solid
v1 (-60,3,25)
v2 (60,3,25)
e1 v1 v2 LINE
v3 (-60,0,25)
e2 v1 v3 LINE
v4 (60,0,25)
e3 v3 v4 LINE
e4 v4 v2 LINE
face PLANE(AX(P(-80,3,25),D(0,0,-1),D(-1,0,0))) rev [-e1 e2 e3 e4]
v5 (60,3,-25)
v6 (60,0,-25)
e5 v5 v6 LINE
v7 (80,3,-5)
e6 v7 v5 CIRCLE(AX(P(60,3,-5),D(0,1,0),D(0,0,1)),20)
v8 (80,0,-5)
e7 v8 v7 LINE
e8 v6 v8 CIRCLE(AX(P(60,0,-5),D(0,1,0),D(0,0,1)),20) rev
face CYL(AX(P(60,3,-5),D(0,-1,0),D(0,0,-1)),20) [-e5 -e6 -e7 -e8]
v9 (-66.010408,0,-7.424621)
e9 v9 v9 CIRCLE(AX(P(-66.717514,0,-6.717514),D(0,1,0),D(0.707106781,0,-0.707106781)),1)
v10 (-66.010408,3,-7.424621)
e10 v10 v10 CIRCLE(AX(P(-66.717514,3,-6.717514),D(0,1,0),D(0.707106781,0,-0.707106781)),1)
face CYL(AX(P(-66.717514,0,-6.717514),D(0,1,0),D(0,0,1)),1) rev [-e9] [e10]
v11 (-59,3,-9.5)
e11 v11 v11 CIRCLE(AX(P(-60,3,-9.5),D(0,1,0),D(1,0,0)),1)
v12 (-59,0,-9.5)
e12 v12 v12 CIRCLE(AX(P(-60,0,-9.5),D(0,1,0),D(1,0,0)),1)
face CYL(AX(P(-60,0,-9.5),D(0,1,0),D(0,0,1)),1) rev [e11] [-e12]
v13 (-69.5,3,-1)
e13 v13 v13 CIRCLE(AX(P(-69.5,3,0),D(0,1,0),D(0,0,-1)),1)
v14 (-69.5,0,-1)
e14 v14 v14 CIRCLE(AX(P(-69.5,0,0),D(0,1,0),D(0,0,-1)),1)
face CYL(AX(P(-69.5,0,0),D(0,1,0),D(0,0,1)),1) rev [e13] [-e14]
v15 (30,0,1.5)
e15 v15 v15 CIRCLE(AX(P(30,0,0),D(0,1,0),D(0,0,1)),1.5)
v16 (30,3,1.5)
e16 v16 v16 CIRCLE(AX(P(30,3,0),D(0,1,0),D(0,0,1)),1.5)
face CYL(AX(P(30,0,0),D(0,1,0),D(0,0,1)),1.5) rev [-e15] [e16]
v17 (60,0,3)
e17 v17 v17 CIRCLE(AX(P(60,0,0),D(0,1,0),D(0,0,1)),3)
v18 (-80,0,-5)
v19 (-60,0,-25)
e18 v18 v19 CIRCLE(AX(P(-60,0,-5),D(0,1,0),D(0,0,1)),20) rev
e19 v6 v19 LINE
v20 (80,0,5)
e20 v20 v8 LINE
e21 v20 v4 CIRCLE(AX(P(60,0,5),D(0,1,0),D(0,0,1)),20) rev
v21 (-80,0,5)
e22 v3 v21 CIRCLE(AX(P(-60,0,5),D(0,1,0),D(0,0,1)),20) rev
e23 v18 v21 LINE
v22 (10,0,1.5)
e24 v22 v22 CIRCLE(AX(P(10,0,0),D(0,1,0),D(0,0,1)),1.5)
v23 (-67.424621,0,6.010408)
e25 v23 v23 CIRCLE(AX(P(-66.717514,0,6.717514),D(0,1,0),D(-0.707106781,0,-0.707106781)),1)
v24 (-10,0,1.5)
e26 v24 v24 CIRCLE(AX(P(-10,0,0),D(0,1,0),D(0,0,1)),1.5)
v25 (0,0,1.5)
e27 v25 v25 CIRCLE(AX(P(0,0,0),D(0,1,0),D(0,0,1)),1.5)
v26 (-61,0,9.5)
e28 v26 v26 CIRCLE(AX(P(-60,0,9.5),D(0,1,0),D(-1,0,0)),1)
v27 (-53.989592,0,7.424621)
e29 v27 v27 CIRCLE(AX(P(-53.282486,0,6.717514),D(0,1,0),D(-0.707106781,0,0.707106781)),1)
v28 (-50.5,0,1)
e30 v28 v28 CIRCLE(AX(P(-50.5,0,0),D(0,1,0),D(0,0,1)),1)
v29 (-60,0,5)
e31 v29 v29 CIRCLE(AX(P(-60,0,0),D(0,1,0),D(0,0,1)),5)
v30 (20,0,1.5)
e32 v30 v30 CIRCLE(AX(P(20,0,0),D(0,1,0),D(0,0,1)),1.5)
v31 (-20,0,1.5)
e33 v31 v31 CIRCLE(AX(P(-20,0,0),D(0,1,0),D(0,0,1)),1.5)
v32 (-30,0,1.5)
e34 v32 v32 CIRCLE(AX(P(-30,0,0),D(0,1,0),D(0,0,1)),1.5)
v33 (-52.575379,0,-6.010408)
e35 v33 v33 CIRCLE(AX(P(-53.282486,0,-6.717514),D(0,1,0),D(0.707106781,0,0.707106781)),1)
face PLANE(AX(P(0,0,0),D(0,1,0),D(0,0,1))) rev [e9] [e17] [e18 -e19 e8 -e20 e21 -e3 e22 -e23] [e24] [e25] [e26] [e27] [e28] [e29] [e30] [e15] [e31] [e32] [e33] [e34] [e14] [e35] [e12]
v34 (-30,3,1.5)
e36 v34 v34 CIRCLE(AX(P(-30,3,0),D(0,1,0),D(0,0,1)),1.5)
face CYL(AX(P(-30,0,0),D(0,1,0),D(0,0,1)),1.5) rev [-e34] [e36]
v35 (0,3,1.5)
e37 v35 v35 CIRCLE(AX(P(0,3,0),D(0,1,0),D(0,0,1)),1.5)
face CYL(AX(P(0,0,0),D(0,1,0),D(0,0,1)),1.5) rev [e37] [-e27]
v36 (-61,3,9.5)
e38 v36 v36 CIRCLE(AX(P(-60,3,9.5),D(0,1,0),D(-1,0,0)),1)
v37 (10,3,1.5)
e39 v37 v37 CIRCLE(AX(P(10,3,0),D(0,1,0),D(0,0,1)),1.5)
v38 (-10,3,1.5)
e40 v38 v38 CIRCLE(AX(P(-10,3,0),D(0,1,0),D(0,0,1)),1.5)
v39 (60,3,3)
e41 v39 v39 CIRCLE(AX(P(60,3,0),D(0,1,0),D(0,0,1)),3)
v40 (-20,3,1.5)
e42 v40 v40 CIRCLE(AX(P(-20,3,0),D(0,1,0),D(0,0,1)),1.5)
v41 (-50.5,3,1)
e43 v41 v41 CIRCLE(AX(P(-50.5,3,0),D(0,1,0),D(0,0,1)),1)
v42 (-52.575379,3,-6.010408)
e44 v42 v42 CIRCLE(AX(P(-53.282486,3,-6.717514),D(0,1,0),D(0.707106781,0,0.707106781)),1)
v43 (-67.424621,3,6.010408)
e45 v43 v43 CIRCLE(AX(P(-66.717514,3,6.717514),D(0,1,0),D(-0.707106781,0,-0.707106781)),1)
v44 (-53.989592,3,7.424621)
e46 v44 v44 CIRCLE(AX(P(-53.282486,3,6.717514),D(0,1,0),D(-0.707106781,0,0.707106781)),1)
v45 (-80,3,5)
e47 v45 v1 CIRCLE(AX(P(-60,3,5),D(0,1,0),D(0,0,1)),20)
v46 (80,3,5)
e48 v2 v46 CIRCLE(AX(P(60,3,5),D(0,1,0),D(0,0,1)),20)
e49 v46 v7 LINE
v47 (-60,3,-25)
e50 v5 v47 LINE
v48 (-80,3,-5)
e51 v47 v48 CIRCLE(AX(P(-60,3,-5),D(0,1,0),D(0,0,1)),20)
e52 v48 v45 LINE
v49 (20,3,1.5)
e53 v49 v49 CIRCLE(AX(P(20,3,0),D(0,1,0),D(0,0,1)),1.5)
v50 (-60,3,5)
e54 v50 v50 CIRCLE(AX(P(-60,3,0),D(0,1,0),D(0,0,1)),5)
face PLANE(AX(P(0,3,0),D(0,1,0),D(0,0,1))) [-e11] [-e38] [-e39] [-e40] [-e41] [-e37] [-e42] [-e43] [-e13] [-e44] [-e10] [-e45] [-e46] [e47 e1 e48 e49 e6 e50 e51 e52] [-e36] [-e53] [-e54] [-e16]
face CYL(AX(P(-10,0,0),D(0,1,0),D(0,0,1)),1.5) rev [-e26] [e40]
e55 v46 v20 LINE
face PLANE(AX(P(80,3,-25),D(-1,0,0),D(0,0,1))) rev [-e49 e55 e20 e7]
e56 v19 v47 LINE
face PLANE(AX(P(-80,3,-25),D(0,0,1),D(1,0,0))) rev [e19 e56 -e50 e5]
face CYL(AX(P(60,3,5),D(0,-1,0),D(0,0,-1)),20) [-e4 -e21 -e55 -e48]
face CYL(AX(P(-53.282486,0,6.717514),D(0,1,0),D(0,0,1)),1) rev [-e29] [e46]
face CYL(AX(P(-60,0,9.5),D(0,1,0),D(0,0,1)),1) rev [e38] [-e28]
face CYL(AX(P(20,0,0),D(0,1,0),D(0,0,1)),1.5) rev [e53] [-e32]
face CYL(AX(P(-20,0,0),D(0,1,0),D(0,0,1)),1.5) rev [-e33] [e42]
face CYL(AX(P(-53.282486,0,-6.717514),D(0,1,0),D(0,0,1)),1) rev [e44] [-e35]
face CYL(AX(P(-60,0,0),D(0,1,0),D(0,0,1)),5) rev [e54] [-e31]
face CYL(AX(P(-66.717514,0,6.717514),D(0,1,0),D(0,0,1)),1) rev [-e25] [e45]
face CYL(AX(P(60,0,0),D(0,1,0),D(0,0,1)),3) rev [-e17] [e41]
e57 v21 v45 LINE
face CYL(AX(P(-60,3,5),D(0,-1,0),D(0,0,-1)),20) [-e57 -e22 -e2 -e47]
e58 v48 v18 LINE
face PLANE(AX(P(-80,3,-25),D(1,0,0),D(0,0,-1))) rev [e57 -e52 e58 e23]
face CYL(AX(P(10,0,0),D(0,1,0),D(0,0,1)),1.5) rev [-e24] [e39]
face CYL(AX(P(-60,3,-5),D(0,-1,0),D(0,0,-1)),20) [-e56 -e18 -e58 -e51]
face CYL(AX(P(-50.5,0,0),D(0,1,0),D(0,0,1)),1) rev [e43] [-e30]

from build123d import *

# Parameters (mm, degrees)
SKETCH1_W           = 160
SKETCH1_H           = 50
BOSS_EXTRUDE1_DEPTH = 3
FILLET1_R           = 20
SKETCH2_R           = 5
CUT_EXTRUDE1_DEPTH  = 4
SKETCH3_R           = 1
CUT_EXTRUDE2_DEPTH  = 4
CIRPATTERN1_COUNT   = 8
SKETCH4_R           = 3
CUT_EXTRUDE3_DEPTH  = 4
SKETCH5_R           = 1.5
CUT_EXTRUDE4_DEPTH  = 4
LPATTERN1_COUNT     = 4
LPATTERN1_PITCH     = 10
LPATTERN1_COL_COUNT = 4
LPATTERN1_COL_PITCH = 10


with BuildPart() as part:
    # Sketch1 → Boss-Extrude1 (new body)
    with BuildSketch(Plane(origin=(0, 0, 0), x_dir=(1, 0, 0), z_dir=(0, 1, 0))):
        Rectangle(SKETCH1_W, SKETCH1_H)
    extrude(amount=BOSS_EXTRUDE1_DEPTH)

    # Fillet1
    fillet1_edges = [part.edges().sort_by_distance(p)[0] for p in [
        (80, 1.5, 25),
        (-80, 1.5, 25),
        (-80, 1.5, -25),
        (80, 1.5, -25),
    ]]
    fillet(fillet1_edges, radius=FILLET1_R)

    # Sketch2 → Cut-Extrude1 (cut, through all)
    with BuildSketch(Plane(origin=(0, 3, 0), x_dir=(1, 0, 0), z_dir=(0, 1, 0))):
        with Locations((-60, 0)):
            Circle(SKETCH2_R)
    extrude(amount=-CUT_EXTRUDE1_DEPTH, mode=Mode.SUBTRACT)

    # Sketch3 → Cut-Extrude2 (cut, through all)
    with BuildSketch(Plane(origin=(0, 3, 0), x_dir=(1, 0, 0), z_dir=(0, 1, 0))):
        with Locations((-50.5, 0)):
            Circle(SKETCH3_R)
    cut_extrude2 = extrude(amount=-CUT_EXTRUDE2_DEPTH, mode=Mode.SUBTRACT)

    # CirPattern1: Cut-Extrude2 ×8 about axis
    cirpattern1_axis = Axis((-60, 0, 0), (0, 1, 0))
    for i in range(1, CIRPATTERN1_COUNT):
        add(cut_extrude2.rotate(cirpattern1_axis, i * 360 / CIRPATTERN1_COUNT), mode=Mode.SUBTRACT)

    # Sketch4 → Cut-Extrude3 (cut, through all)
    with BuildSketch(Plane(origin=(0, 3, 0), x_dir=(1, 0, 0), z_dir=(0, 1, 0))):
        with Locations((60, 0)):
            Circle(SKETCH4_R)
    extrude(amount=-CUT_EXTRUDE3_DEPTH, mode=Mode.SUBTRACT)

    # Sketch5 → Cut-Extrude4 (cut, through all)
    with BuildSketch(Plane(origin=(0, 3, 0), x_dir=(1, 0, 0), z_dir=(0, 1, 0))):
        Circle(SKETCH5_R)
    cut_extrude4 = extrude(amount=-CUT_EXTRUDE4_DEPTH, mode=Mode.SUBTRACT)

    # LPattern1: Cut-Extrude4 ×4
    with Locations(*[(i * LPATTERN1_PITCH, 0, 0) for i in range(1, LPATTERN1_COUNT)]):
        add(cut_extrude4, mode=Mode.SUBTRACT)

    # LPattern1 col: Cut-Extrude4 ×4
    with Locations(*[(-i * LPATTERN1_COL_PITCH, 0, 0) for i in range(1, LPATTERN1_COL_COUNT)]):
        add(cut_extrude4, mode=Mode.SUBTRACT)


solid = part.part
